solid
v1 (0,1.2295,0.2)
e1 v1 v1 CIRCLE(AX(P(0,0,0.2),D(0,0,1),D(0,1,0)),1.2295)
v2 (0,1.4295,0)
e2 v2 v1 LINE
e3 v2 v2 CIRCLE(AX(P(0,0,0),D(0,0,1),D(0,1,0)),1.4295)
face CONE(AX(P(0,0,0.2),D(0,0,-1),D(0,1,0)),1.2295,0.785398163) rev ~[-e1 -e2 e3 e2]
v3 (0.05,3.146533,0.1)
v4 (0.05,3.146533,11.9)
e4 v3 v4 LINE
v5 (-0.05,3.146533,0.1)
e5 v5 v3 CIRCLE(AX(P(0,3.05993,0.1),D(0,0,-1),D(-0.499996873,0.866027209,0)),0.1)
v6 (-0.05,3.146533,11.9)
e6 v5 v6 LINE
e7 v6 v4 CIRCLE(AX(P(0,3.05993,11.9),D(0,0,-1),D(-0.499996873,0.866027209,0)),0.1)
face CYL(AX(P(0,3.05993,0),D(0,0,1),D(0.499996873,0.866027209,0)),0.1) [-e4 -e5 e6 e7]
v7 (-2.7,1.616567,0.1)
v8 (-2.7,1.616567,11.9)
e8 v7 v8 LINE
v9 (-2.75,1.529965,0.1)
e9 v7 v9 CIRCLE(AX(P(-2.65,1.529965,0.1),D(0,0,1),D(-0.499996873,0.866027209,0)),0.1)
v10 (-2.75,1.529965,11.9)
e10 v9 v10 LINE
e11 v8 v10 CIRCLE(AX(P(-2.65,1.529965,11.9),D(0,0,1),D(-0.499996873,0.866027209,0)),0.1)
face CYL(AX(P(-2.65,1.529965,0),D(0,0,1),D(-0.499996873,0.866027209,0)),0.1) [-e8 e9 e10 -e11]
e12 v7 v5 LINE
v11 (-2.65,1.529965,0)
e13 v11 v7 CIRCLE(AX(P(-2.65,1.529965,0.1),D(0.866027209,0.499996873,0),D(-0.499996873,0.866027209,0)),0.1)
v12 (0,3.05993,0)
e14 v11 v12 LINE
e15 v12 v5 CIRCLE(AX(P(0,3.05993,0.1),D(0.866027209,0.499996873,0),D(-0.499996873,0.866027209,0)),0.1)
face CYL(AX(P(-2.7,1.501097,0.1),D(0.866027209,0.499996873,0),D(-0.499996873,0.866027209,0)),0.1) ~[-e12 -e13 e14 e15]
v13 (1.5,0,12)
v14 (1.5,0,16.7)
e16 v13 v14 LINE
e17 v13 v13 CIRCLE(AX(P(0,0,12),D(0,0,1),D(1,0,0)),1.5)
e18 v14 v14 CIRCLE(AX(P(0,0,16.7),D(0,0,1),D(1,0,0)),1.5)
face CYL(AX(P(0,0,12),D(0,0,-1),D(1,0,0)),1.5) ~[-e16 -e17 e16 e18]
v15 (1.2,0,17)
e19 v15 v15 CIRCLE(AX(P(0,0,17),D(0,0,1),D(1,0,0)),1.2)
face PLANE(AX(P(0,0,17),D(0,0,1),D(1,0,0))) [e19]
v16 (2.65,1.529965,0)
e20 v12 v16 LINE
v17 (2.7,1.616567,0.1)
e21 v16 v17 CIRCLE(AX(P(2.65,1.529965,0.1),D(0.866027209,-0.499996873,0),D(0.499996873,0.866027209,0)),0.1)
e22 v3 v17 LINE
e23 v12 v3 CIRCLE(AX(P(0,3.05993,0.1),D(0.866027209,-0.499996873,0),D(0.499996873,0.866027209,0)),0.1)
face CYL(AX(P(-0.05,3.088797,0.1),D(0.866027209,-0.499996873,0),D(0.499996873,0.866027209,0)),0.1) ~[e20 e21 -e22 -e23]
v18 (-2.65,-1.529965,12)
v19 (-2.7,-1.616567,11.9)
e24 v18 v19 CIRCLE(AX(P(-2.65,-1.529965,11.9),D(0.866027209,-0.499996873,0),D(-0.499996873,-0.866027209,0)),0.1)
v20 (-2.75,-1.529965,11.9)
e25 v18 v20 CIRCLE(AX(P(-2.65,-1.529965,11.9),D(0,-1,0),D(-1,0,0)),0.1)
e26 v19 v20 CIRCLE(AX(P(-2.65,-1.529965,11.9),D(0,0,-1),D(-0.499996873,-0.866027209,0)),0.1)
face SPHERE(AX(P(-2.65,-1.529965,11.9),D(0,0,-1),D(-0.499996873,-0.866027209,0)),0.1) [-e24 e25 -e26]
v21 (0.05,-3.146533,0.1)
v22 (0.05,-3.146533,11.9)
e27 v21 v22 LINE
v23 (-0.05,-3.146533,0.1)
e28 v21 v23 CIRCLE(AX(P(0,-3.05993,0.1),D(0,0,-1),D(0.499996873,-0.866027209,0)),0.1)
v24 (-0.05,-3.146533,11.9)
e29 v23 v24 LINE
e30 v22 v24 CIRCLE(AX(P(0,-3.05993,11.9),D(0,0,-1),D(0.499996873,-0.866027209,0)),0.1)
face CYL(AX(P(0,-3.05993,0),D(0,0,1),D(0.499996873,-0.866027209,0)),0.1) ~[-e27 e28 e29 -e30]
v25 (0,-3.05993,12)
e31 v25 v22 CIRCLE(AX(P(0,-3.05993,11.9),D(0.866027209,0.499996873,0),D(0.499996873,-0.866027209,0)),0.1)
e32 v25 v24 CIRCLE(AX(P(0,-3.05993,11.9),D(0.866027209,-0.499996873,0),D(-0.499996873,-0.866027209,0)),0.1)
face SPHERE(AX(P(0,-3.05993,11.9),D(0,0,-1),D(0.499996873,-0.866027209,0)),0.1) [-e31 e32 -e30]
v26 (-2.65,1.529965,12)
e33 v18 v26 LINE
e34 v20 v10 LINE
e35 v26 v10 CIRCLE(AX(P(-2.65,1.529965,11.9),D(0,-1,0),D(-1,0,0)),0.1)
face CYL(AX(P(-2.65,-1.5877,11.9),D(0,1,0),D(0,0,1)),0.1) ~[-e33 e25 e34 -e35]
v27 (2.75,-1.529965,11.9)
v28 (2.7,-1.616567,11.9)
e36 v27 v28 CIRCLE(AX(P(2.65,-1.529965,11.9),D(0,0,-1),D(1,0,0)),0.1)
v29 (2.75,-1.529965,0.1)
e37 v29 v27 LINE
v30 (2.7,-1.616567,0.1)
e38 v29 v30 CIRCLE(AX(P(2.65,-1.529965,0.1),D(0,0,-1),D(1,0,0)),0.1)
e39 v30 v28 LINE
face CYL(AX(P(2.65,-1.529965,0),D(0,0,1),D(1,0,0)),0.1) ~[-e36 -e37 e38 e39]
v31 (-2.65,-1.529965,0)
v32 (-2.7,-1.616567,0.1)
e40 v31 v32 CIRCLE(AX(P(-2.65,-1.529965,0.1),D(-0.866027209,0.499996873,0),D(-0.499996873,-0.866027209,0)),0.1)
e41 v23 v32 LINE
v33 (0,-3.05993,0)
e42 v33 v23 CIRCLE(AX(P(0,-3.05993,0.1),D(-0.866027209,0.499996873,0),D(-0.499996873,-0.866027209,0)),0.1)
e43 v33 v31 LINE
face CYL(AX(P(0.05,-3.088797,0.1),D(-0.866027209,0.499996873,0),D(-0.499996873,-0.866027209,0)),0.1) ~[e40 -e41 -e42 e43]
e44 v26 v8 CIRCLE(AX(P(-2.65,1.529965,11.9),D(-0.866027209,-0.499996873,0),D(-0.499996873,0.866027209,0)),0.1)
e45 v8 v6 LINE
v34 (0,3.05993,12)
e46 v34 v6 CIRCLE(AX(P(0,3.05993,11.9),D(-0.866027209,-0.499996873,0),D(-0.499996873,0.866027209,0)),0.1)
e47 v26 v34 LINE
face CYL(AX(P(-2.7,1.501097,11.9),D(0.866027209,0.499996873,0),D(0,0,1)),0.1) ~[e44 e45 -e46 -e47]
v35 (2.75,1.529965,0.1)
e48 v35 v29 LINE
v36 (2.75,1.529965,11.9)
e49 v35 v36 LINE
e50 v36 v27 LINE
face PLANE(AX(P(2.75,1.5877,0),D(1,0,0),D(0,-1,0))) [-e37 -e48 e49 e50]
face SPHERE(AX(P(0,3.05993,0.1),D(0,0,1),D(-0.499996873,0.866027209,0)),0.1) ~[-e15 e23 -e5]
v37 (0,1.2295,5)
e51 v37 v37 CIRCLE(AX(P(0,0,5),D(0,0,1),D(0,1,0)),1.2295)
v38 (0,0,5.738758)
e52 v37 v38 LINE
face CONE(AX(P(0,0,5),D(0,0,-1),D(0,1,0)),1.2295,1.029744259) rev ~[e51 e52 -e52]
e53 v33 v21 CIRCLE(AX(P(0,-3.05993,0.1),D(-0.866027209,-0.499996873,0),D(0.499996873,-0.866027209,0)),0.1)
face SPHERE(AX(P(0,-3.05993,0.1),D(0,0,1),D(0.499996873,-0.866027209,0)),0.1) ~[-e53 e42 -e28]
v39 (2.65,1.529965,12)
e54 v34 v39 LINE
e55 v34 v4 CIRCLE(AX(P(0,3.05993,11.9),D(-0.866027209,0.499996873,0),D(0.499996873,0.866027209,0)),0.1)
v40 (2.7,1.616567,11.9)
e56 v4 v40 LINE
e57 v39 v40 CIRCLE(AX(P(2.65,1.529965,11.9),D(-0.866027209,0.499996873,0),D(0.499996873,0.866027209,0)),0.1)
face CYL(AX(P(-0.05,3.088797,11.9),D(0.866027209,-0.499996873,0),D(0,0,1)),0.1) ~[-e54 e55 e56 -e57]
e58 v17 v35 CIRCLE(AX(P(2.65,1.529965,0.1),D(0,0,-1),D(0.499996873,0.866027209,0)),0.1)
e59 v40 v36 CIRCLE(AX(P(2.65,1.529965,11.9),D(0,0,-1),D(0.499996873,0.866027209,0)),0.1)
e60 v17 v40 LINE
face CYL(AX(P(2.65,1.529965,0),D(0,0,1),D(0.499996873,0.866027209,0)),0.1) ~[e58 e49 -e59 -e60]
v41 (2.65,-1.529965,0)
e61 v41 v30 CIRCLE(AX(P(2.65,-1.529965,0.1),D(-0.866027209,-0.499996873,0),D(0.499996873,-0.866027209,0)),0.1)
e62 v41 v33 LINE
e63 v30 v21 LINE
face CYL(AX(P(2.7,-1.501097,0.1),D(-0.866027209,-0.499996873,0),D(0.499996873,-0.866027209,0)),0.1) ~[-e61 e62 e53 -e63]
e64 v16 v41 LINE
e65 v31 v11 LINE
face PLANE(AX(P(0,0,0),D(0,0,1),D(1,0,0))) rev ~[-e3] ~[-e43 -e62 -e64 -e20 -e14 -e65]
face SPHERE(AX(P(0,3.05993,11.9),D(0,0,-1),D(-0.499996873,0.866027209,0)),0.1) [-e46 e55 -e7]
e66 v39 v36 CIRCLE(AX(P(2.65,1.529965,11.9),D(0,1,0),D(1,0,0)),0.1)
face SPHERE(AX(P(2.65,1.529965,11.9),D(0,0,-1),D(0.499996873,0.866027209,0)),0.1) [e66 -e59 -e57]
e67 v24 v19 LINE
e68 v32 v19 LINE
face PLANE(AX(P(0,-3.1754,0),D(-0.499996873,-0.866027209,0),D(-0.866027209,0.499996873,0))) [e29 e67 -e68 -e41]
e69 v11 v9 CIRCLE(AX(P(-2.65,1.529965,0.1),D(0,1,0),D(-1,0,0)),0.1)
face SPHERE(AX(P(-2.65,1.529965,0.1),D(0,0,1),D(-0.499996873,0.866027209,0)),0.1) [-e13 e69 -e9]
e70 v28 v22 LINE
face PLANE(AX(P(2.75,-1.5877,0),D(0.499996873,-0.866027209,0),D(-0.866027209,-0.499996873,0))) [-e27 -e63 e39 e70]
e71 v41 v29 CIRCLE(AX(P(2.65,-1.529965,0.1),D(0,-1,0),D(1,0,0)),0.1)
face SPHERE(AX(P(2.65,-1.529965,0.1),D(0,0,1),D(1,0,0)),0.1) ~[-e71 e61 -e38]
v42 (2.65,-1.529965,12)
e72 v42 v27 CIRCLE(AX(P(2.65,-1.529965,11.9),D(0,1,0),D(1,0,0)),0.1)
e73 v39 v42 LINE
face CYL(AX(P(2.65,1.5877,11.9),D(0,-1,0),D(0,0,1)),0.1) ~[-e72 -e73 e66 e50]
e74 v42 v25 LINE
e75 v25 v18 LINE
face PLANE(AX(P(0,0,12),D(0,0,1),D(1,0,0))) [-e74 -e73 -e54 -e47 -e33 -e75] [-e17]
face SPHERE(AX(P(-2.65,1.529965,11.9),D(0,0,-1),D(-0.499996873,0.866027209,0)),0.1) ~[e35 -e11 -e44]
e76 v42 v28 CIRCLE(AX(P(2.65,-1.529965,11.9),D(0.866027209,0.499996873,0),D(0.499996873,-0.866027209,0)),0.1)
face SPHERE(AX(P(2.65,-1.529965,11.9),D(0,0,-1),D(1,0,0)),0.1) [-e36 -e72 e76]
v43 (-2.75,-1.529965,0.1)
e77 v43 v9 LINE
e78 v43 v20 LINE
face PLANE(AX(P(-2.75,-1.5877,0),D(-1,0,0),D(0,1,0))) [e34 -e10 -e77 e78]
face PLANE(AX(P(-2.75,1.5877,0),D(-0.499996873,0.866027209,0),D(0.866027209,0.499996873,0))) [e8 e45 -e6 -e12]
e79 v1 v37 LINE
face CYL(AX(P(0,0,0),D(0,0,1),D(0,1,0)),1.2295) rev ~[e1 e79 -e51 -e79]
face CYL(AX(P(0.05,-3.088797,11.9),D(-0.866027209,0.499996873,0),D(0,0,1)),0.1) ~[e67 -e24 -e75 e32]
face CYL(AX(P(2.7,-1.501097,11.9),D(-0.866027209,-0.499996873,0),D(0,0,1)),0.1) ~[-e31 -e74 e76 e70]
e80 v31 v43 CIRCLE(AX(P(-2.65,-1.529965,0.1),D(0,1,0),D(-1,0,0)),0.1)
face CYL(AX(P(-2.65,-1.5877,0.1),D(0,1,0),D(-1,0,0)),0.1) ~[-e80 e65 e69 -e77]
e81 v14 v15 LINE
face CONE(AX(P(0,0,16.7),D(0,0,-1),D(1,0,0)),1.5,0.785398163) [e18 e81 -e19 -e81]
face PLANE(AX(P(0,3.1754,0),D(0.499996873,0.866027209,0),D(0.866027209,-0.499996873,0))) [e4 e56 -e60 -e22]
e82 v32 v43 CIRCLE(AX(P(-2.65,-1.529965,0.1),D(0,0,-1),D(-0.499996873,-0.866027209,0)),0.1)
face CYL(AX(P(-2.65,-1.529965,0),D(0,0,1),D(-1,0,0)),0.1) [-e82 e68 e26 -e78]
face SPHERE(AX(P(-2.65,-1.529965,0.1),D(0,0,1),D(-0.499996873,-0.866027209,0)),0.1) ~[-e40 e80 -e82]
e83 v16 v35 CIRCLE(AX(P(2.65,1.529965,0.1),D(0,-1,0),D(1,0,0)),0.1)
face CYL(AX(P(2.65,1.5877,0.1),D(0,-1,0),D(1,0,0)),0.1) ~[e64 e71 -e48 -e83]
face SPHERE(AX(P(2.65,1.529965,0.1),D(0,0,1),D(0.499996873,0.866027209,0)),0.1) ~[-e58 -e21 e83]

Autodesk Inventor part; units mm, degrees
ref_plane "YZ Plane" through (0, 0, 0) normal (1, 0, 0) x (0, 1, 0)
ref_plane "XZ Plane" through (0, 0, 0) normal (0, 1, 0) x (-1, 0, 0)
ref_plane "XY Plane" through (0, 0, 0) normal (0, 0, 1) x (1, 0, 0)
sketch "スケッチ1" plane through (0, 0, 0) normal (0, 0, 1) x (1, 0, 0)
  line L0 (0, 3.1754) -> (2.75, 1.5877)
  line L1 (2.75, 1.5877) -> (2.75, -1.5877)
  line L2 (2.75, -1.5877) -> (0, -3.1754)
  line L3 (0, -3.1754) -> (-2.75, -1.5877)
  line L4 (-2.75, -1.5877) -> (-2.75, 1.5877)
  line L5 (-2.75, 1.5877) -> (0, 3.1754)
  point P0 (0, 0)
  point P1 (0, 0)
  dimension "d0" = 5.5
extrude "押し出し1" add sketch "スケッチ1" along normal blind 12
sketch "スケッチ2" plane through (0, 0, 12) normal (0, 0, 1) x (1, 0, 0)
  circle A0 centre (0, 0) radius 1.5
  dimension "d3" = 3
extrude "押し出し2" add sketch "スケッチ2" along normal blind 5
thread "ねじ1" size "M3x0.5" class "6g" standard "ANSI Metric M Profile" length 12
chamfer "面取り1" distance 0.3 angle 45 1 edges at (-1.5, 0, 17)
fillet "フィレット1" radius 0.1 18 edges at (-1.375, 2.3816, 12) (1.375, 2.3816, 12) (2.75, 0, 12) (1.375, -2.3816, 12) (-1.375, -2.3816, 12) (-2.75, 0, 12) (-2.75, -1.5877, 6) (0, -3.1754, 6) (2.75, -1.5877, 6) (2.75, 1.5877, 6) (0, 3.1754, 6) (-2.75, 1.5877, 6) (-1.375, 2.3816, 0) (1.375, 2.3816, 0) (2.75, 0, 0) (1.375, -2.3816, 0) (-1.375, -2.3816, 0) (-2.75, 0, 0)
sketch "スケッチ3" plane through (0, 0, 0) normal (0, 0, -1) x (-1, 0, 0)
  point P0 (0, 0)
hole "穴1" at (0, 0, 0) direction (0, 0, 1) diameter 2.459 depth 5 tip angle 118 thread size "M3x0.5" class "6H" standard "ANSI Metric M Profile"
chamfer "面取り2" distance 0.2 angle 45 1 edges at (0, -1.2295, 0)
properties part number "hexagonal_spacer_M3_12mm" material "ABS プラスチック"
